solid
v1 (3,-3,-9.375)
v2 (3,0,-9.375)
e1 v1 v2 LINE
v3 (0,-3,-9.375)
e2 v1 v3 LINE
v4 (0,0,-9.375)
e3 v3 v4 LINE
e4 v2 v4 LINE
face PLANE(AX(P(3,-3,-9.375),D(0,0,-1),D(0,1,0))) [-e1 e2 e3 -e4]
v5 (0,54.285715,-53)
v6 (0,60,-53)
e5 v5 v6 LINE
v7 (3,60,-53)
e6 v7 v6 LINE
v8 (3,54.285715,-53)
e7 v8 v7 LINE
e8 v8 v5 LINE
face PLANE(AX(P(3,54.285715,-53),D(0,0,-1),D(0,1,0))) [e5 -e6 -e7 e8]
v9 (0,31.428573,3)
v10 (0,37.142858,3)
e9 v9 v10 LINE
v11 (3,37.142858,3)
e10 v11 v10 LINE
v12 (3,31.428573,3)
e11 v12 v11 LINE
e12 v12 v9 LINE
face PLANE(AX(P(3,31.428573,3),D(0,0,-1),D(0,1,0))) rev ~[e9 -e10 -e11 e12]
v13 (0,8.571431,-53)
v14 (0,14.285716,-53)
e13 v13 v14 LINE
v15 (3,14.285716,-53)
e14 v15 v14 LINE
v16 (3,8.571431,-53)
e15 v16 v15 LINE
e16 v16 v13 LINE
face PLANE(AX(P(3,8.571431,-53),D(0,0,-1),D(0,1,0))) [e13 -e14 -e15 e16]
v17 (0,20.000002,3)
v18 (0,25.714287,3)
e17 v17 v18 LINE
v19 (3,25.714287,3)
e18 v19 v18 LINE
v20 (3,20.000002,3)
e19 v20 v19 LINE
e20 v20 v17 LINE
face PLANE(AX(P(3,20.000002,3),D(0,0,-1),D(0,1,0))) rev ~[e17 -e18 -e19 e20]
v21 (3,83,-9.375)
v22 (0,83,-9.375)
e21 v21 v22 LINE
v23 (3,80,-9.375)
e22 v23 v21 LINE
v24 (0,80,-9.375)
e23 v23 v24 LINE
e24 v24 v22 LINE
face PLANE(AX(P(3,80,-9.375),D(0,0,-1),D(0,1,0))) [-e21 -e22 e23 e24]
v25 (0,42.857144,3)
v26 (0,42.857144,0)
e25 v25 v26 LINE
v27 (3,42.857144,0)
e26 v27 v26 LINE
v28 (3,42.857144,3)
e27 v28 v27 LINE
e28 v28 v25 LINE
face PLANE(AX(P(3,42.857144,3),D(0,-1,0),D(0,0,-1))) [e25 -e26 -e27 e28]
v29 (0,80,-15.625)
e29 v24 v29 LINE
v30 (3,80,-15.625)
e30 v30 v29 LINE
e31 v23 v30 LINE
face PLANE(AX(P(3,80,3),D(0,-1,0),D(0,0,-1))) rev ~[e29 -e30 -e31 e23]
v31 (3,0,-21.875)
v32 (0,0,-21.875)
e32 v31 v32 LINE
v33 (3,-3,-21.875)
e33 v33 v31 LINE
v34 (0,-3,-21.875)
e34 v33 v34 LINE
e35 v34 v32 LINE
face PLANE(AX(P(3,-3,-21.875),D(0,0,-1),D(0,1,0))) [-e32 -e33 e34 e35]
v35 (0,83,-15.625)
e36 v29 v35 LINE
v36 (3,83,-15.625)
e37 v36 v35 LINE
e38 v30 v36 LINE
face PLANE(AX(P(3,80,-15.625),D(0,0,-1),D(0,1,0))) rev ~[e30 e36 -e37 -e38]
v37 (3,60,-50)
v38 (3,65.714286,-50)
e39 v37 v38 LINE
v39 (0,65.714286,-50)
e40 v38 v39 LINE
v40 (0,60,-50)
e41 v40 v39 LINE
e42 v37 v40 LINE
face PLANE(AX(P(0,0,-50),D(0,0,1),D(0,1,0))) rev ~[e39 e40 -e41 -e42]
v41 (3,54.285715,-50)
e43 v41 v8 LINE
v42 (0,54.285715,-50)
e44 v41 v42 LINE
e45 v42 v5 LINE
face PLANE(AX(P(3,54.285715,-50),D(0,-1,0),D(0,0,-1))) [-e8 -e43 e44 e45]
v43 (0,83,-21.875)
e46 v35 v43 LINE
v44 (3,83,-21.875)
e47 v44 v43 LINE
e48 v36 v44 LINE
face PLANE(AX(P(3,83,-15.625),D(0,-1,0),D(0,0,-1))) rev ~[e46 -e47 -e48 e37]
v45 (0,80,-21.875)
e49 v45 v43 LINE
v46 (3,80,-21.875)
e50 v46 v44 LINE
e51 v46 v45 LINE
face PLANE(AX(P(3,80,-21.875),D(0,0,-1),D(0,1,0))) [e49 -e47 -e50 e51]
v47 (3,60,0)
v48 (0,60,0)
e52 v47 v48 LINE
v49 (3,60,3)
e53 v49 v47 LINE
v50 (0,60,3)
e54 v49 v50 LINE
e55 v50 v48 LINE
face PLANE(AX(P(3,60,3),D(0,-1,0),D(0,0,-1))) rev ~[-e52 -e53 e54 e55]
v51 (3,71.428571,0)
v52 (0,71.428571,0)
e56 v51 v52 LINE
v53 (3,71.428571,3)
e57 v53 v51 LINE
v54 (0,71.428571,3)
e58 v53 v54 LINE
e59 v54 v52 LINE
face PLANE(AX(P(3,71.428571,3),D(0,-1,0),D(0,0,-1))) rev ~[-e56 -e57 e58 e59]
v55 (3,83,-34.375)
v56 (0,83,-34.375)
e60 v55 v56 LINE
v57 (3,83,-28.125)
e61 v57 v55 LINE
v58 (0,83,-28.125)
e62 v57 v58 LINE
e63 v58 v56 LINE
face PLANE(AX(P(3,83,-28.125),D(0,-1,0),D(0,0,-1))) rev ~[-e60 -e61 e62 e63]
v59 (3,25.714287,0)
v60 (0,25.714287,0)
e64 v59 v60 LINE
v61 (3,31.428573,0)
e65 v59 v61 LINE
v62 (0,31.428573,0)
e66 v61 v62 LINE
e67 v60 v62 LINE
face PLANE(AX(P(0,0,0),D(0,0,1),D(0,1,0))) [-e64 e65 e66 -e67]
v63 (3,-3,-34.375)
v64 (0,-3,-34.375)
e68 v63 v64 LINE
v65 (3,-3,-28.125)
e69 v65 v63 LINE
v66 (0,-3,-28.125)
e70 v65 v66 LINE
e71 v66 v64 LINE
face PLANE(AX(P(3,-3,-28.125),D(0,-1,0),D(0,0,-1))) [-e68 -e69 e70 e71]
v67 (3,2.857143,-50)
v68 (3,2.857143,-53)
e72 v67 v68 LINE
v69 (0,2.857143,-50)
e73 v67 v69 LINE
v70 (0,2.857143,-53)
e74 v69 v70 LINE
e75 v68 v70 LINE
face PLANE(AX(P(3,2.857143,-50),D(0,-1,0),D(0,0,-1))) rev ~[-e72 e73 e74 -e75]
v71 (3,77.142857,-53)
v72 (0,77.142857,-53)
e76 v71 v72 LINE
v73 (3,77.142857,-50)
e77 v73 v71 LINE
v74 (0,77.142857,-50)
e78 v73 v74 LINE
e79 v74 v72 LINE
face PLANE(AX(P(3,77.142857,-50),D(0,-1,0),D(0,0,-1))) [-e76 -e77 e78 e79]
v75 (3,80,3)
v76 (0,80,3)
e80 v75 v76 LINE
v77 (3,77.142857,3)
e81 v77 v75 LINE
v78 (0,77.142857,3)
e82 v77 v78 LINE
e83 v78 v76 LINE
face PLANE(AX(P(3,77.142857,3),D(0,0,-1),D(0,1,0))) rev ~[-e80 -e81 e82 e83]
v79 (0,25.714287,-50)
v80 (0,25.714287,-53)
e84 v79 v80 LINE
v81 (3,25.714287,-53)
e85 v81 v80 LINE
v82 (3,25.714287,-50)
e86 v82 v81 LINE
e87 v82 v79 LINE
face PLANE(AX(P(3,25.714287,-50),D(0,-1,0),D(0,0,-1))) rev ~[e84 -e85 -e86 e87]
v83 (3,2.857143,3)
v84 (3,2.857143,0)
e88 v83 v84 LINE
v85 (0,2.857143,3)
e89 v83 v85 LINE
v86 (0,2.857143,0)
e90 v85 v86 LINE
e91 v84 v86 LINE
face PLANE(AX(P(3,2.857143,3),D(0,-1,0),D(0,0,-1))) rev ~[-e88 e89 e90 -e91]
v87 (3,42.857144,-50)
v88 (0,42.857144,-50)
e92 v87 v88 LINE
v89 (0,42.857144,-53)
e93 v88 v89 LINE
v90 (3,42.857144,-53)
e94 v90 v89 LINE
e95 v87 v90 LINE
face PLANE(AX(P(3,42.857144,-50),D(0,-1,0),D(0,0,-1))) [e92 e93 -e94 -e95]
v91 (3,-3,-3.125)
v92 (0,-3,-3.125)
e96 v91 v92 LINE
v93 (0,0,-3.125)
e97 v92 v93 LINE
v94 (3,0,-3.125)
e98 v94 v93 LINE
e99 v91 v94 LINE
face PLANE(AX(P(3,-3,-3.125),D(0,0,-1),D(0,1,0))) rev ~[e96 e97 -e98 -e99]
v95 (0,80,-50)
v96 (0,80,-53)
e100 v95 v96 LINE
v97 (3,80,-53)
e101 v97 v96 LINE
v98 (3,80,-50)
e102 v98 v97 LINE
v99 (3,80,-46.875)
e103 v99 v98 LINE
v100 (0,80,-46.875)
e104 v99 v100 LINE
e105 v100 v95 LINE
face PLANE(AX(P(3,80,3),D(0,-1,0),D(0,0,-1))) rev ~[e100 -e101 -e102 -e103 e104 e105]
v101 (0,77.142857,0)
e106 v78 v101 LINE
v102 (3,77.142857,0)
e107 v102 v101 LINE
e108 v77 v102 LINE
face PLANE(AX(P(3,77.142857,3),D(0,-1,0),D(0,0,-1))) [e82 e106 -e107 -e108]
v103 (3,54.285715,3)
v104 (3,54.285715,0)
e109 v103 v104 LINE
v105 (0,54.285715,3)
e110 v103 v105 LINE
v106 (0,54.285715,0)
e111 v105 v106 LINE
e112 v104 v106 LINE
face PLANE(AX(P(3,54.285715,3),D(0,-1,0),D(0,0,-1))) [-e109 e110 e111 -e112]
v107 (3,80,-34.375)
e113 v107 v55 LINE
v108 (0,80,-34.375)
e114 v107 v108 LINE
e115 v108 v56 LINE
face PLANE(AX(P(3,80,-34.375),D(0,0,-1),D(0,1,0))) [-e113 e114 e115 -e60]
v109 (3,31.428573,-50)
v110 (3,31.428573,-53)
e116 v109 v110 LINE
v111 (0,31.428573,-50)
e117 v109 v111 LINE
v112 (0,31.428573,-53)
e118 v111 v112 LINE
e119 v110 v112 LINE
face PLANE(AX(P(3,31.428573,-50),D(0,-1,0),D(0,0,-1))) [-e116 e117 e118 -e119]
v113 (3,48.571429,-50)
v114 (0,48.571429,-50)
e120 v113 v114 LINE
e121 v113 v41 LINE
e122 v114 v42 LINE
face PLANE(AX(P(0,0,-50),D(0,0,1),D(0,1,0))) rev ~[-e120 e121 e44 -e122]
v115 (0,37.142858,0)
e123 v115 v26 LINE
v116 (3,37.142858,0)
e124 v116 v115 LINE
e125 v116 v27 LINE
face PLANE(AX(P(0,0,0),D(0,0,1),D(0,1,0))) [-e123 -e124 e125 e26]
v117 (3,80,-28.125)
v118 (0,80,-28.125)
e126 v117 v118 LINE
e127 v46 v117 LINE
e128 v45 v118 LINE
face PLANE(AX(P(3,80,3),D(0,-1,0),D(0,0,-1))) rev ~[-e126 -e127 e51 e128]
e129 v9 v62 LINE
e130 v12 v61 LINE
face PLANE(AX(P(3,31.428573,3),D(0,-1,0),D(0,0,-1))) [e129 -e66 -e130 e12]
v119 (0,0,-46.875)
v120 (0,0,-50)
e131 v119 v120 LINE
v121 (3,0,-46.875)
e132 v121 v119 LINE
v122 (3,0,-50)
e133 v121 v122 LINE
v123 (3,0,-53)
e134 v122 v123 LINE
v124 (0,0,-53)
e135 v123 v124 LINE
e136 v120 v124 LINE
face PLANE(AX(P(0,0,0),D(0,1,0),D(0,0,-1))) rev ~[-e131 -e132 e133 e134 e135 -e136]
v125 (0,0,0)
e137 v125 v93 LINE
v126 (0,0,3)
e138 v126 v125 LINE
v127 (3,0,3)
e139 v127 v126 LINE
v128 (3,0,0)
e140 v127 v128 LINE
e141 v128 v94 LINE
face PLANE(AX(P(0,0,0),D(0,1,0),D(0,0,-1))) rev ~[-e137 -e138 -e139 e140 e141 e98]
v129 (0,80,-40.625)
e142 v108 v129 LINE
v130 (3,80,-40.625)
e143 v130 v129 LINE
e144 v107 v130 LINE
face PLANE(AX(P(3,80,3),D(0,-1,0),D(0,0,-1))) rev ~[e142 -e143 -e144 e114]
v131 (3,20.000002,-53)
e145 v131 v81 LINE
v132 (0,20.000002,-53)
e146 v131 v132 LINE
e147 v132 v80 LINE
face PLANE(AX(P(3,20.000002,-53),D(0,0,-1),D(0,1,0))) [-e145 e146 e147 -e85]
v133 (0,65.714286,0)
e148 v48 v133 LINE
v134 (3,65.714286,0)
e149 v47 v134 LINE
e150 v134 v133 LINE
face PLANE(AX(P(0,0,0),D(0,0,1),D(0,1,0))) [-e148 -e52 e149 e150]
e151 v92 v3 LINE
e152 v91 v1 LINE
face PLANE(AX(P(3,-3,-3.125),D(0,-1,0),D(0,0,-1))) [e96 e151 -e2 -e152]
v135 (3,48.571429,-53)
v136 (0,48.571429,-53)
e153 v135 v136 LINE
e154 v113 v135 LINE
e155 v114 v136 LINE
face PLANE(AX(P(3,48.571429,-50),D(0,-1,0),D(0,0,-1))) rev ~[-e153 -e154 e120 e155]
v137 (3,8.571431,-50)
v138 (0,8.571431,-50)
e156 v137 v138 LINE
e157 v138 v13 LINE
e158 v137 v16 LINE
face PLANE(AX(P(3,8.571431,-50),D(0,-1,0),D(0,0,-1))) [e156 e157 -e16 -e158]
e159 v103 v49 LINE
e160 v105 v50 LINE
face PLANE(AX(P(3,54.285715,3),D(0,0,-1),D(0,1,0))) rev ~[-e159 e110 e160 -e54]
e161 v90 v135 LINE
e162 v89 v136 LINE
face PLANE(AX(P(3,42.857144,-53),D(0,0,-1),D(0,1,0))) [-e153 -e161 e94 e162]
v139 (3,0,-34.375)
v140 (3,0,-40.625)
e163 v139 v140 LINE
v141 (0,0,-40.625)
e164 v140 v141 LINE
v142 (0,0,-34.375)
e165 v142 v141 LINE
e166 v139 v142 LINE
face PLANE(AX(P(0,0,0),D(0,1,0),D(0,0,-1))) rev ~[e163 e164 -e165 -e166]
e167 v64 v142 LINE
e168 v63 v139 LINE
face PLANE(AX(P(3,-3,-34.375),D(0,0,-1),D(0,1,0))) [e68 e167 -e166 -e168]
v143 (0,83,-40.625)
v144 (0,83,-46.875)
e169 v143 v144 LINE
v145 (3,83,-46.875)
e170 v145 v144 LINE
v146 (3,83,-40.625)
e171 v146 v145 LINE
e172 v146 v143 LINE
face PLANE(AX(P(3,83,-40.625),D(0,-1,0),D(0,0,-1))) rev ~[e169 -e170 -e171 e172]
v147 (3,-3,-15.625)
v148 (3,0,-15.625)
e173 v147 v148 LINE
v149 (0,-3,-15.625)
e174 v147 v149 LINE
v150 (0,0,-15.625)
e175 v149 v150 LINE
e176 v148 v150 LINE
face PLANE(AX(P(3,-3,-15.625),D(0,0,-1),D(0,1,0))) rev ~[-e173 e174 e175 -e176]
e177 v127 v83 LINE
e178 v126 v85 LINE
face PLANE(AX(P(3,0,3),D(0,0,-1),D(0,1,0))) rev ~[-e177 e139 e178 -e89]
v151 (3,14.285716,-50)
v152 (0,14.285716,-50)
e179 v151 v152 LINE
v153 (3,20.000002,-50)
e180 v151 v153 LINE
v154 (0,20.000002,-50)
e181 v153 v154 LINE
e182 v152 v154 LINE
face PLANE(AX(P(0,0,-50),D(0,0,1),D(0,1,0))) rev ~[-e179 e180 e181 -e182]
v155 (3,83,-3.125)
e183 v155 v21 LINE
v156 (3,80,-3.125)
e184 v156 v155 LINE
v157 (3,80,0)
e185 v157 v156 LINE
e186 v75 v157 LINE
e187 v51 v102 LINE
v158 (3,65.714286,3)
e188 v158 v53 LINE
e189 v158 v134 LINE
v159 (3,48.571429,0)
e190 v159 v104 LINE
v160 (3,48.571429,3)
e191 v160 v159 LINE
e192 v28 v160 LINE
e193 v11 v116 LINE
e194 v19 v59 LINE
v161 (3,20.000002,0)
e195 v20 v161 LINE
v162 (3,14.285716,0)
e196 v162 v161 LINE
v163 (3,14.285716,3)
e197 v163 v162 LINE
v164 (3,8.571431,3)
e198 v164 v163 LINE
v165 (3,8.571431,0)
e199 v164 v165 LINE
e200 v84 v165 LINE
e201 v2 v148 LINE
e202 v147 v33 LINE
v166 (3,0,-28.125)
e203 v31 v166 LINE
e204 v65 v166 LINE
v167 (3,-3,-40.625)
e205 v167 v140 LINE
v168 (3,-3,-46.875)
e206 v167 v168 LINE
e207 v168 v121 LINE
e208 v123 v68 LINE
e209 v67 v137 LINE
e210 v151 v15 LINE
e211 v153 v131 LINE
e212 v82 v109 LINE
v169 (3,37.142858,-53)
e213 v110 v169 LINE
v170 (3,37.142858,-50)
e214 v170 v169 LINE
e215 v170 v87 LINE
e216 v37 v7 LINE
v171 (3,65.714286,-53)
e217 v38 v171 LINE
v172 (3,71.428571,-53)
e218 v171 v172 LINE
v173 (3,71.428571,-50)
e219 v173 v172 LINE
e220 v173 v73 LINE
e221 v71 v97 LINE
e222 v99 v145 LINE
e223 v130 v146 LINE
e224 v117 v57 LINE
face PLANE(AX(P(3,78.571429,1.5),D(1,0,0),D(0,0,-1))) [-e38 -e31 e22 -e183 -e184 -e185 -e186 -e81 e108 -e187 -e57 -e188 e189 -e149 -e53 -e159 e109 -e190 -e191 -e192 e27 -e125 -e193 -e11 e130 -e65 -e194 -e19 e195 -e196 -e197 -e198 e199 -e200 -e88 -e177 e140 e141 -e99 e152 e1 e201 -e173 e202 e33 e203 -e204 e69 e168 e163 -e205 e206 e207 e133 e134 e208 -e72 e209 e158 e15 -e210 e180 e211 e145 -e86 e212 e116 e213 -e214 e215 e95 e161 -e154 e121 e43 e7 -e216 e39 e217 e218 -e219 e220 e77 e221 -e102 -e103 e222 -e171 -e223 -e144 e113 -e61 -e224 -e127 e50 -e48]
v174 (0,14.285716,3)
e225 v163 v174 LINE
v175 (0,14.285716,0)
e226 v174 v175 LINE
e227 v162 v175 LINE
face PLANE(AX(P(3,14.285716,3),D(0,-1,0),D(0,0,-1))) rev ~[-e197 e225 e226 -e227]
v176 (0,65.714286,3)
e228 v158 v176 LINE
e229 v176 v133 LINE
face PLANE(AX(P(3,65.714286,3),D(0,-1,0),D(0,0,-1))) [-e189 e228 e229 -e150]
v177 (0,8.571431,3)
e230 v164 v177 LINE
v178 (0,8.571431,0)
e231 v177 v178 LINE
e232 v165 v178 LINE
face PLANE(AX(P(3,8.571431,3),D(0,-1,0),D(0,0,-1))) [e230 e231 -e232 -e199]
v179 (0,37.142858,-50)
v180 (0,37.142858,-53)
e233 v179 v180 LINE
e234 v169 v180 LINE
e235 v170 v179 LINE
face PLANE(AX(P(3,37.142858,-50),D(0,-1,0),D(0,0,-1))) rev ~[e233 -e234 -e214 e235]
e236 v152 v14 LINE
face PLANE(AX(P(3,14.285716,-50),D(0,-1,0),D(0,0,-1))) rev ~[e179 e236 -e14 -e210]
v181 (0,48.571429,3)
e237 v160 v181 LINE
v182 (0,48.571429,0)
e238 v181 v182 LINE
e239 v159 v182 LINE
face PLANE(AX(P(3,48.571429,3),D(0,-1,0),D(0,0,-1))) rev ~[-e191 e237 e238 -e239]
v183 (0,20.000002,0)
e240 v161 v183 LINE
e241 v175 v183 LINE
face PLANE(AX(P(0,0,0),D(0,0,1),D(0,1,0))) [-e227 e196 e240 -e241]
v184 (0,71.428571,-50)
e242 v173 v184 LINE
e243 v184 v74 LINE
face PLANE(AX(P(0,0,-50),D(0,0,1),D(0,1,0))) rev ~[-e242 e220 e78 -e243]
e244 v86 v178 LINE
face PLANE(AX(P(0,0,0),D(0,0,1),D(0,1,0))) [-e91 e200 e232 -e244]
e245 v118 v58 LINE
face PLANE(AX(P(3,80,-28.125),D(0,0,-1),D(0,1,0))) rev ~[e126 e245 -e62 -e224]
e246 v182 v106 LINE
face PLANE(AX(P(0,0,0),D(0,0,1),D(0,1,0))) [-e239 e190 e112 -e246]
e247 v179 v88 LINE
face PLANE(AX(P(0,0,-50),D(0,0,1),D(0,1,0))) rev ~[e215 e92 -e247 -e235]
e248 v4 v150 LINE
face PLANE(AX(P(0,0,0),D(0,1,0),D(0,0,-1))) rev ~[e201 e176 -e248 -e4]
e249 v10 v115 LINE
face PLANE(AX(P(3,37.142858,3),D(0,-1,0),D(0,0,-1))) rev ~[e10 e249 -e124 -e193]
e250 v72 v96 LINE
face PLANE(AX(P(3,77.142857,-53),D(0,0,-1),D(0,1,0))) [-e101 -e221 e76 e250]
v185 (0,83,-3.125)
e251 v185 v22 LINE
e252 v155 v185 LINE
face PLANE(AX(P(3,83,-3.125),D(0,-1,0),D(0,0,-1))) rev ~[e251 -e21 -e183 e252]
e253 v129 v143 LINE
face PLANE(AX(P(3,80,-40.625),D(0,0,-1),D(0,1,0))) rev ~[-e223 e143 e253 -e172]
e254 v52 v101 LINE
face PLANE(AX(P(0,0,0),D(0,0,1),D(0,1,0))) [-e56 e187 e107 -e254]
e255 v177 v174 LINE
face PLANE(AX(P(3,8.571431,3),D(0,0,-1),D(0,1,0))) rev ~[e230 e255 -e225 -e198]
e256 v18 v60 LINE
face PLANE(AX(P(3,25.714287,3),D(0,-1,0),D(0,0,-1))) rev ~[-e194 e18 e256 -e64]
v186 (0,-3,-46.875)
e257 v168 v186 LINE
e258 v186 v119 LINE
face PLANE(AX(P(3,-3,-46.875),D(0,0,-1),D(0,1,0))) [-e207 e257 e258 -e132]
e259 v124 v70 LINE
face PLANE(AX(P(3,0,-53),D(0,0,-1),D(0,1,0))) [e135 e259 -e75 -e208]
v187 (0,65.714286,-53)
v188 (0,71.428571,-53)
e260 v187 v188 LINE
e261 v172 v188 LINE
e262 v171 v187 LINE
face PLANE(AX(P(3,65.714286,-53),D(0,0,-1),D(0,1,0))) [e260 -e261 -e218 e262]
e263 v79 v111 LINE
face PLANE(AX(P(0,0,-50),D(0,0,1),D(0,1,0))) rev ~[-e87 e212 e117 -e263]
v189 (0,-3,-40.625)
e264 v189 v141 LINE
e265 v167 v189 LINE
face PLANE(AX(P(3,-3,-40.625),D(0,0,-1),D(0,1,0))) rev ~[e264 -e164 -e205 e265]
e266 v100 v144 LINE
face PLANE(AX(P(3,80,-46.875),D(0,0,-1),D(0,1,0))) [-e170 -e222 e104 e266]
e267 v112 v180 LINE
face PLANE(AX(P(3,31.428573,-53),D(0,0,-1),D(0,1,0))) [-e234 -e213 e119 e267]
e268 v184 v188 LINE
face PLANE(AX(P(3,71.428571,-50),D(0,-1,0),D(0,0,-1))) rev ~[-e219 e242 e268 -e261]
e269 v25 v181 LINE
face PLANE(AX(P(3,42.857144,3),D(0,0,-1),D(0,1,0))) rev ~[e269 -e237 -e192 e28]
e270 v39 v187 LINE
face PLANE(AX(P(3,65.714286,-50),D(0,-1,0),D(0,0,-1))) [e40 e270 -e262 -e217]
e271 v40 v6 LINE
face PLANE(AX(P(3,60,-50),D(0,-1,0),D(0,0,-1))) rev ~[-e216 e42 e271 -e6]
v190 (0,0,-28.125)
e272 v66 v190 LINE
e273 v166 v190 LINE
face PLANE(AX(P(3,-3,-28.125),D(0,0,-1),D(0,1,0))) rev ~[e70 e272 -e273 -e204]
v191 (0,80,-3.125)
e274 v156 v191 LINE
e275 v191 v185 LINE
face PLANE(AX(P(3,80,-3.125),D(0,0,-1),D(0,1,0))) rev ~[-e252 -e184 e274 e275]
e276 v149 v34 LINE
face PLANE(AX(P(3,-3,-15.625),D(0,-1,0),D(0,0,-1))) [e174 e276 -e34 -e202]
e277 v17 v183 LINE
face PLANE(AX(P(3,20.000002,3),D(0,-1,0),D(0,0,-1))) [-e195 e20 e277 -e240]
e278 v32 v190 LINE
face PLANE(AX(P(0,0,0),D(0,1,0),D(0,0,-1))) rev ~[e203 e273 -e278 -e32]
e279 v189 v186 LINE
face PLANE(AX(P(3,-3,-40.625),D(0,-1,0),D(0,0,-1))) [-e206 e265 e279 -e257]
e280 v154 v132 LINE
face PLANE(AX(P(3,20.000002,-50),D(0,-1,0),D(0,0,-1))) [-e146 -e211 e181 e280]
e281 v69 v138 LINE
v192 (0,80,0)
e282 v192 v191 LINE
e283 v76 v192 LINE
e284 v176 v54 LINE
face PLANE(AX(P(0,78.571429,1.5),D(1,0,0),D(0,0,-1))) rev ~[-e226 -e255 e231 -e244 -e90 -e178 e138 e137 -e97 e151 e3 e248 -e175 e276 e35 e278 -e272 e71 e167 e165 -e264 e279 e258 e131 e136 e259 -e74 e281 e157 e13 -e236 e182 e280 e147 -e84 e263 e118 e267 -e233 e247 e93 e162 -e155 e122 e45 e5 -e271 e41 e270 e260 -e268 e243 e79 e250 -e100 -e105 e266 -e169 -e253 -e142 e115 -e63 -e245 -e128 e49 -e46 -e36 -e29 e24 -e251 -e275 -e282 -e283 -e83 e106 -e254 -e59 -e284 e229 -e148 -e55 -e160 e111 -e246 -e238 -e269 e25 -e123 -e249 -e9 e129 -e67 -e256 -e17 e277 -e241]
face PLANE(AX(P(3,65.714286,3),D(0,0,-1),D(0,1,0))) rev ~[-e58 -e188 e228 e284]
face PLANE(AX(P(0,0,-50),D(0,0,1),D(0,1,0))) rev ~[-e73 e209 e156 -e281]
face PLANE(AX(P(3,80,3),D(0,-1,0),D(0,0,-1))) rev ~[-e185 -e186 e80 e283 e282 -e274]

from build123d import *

# Parameters (mm, degrees)
SCHIZZO1_W                   = 50
SCHIZZO1_H                   = 80
ESTRUSIONE_ESTRUSIONE1_DEPTH = 3
SCHIZZO2_W                   = 3
SCHIZZO2_H                   = 2.857142857
ESTRUSIONE_ESTRUSIONE2_DEPTH = 3
SCHIZZO3_W                   = 3
SCHIZZO3_H                   = 5.714285715
ESTRUSIONE_ESTRUSIONE3_DEPTH = 3
RIPETIZIONE_A_L1_COUNT       = 6
RIPETIZIONE_A_L1_PITCH       = 11.428571
SCHIZZO4_W                   = 6.25
SCHIZZO4_H                   = 3
ESTRUSIONE_ESTRUSIONE4_DEPTH = 3
RIPETIZIONE_A_L2_COUNT       = 4
RIPETIZIONE_A_L2_PITCH       = 12.5


with BuildPart() as part:
    # Schizzo1 → Estrusione-Estrusione1 (new body)
    with BuildSketch(Plane(origin=(0, 0, 0), x_dir=(0, 0, -1), z_dir=(1, 0, 0))):
        with Locations((25, 40)):
            Rectangle(SCHIZZO1_W, SCHIZZO1_H)
    extrude(amount=ESTRUSIONE_ESTRUSIONE1_DEPTH)

    # Schizzo2 → Estrusione-Estrusione2 (add)
    with BuildSketch(Plane(origin=(3, 0, 0), x_dir=(0, 0, -1), z_dir=(1, 0, 0))):
        with Locations((-1.5, 78.571428572)):
            Rectangle(SCHIZZO2_W, SCHIZZO2_H)
        with Locations((51.5, 78.571428572)):
            Rectangle(SCHIZZO2_W, SCHIZZO2_H)
        with Locations((51.5, 1.428571429)):
            Rectangle(SCHIZZO2_W, SCHIZZO2_H)
        with Locations((-1.5, 1.428571429)):
            Rectangle(SCHIZZO2_W, SCHIZZO2_H)
    extrude(amount=-ESTRUSIONE_ESTRUSIONE2_DEPTH)

    # Schizzo3 → Estrusione-Estrusione3 (add)
    with BuildSketch(Plane(origin=(3, 0, 0), x_dir=(0, 0, -1), z_dir=(1, 0, 0))):
        with Locations((-1.5, 68.571428572)):
            Rectangle(SCHIZZO3_W, SCHIZZO3_H)
        with Locations((51.5, 68.571428572)):
            Rectangle(SCHIZZO3_W, SCHIZZO3_H)
    estrusione_estrusione3 = extrude(amount=-ESTRUSIONE_ESTRUSIONE3_DEPTH)

    # Ripetizione a L1: Estrusione-Estrusione3 ×6
    with Locations(*[(0, -i * RIPETIZIONE_A_L1_PITCH, 0) for i in range(1, RIPETIZIONE_A_L1_COUNT)]):
        add(estrusione_estrusione3)

    # Schizzo4 → Estrusione-Estrusione4 (add)
    with BuildSketch(Plane(origin=(3, 0, 0), x_dir=(0, 0, -1), z_dir=(1, 0, 0))):
        with Locations((6.25, 81.5)):
            Rectangle(SCHIZZO4_W, SCHIZZO4_H)
        with Locations((6.25, -1.5)):
            Rectangle(SCHIZZO4_W, SCHIZZO4_H)
    estrusione_estrusione4 = extrude(amount=-ESTRUSIONE_ESTRUSIONE4_DEPTH)

    # Ripetizione a L2: Estrusione-Estrusione4 ×4
    with Locations(*[(0, 0, -i * RIPETIZIONE_A_L2_PITCH) for i in range(1, RIPETIZIONE_A_L2_COUNT)]):
        add(estrusione_estrusione4)


solid = part.part
